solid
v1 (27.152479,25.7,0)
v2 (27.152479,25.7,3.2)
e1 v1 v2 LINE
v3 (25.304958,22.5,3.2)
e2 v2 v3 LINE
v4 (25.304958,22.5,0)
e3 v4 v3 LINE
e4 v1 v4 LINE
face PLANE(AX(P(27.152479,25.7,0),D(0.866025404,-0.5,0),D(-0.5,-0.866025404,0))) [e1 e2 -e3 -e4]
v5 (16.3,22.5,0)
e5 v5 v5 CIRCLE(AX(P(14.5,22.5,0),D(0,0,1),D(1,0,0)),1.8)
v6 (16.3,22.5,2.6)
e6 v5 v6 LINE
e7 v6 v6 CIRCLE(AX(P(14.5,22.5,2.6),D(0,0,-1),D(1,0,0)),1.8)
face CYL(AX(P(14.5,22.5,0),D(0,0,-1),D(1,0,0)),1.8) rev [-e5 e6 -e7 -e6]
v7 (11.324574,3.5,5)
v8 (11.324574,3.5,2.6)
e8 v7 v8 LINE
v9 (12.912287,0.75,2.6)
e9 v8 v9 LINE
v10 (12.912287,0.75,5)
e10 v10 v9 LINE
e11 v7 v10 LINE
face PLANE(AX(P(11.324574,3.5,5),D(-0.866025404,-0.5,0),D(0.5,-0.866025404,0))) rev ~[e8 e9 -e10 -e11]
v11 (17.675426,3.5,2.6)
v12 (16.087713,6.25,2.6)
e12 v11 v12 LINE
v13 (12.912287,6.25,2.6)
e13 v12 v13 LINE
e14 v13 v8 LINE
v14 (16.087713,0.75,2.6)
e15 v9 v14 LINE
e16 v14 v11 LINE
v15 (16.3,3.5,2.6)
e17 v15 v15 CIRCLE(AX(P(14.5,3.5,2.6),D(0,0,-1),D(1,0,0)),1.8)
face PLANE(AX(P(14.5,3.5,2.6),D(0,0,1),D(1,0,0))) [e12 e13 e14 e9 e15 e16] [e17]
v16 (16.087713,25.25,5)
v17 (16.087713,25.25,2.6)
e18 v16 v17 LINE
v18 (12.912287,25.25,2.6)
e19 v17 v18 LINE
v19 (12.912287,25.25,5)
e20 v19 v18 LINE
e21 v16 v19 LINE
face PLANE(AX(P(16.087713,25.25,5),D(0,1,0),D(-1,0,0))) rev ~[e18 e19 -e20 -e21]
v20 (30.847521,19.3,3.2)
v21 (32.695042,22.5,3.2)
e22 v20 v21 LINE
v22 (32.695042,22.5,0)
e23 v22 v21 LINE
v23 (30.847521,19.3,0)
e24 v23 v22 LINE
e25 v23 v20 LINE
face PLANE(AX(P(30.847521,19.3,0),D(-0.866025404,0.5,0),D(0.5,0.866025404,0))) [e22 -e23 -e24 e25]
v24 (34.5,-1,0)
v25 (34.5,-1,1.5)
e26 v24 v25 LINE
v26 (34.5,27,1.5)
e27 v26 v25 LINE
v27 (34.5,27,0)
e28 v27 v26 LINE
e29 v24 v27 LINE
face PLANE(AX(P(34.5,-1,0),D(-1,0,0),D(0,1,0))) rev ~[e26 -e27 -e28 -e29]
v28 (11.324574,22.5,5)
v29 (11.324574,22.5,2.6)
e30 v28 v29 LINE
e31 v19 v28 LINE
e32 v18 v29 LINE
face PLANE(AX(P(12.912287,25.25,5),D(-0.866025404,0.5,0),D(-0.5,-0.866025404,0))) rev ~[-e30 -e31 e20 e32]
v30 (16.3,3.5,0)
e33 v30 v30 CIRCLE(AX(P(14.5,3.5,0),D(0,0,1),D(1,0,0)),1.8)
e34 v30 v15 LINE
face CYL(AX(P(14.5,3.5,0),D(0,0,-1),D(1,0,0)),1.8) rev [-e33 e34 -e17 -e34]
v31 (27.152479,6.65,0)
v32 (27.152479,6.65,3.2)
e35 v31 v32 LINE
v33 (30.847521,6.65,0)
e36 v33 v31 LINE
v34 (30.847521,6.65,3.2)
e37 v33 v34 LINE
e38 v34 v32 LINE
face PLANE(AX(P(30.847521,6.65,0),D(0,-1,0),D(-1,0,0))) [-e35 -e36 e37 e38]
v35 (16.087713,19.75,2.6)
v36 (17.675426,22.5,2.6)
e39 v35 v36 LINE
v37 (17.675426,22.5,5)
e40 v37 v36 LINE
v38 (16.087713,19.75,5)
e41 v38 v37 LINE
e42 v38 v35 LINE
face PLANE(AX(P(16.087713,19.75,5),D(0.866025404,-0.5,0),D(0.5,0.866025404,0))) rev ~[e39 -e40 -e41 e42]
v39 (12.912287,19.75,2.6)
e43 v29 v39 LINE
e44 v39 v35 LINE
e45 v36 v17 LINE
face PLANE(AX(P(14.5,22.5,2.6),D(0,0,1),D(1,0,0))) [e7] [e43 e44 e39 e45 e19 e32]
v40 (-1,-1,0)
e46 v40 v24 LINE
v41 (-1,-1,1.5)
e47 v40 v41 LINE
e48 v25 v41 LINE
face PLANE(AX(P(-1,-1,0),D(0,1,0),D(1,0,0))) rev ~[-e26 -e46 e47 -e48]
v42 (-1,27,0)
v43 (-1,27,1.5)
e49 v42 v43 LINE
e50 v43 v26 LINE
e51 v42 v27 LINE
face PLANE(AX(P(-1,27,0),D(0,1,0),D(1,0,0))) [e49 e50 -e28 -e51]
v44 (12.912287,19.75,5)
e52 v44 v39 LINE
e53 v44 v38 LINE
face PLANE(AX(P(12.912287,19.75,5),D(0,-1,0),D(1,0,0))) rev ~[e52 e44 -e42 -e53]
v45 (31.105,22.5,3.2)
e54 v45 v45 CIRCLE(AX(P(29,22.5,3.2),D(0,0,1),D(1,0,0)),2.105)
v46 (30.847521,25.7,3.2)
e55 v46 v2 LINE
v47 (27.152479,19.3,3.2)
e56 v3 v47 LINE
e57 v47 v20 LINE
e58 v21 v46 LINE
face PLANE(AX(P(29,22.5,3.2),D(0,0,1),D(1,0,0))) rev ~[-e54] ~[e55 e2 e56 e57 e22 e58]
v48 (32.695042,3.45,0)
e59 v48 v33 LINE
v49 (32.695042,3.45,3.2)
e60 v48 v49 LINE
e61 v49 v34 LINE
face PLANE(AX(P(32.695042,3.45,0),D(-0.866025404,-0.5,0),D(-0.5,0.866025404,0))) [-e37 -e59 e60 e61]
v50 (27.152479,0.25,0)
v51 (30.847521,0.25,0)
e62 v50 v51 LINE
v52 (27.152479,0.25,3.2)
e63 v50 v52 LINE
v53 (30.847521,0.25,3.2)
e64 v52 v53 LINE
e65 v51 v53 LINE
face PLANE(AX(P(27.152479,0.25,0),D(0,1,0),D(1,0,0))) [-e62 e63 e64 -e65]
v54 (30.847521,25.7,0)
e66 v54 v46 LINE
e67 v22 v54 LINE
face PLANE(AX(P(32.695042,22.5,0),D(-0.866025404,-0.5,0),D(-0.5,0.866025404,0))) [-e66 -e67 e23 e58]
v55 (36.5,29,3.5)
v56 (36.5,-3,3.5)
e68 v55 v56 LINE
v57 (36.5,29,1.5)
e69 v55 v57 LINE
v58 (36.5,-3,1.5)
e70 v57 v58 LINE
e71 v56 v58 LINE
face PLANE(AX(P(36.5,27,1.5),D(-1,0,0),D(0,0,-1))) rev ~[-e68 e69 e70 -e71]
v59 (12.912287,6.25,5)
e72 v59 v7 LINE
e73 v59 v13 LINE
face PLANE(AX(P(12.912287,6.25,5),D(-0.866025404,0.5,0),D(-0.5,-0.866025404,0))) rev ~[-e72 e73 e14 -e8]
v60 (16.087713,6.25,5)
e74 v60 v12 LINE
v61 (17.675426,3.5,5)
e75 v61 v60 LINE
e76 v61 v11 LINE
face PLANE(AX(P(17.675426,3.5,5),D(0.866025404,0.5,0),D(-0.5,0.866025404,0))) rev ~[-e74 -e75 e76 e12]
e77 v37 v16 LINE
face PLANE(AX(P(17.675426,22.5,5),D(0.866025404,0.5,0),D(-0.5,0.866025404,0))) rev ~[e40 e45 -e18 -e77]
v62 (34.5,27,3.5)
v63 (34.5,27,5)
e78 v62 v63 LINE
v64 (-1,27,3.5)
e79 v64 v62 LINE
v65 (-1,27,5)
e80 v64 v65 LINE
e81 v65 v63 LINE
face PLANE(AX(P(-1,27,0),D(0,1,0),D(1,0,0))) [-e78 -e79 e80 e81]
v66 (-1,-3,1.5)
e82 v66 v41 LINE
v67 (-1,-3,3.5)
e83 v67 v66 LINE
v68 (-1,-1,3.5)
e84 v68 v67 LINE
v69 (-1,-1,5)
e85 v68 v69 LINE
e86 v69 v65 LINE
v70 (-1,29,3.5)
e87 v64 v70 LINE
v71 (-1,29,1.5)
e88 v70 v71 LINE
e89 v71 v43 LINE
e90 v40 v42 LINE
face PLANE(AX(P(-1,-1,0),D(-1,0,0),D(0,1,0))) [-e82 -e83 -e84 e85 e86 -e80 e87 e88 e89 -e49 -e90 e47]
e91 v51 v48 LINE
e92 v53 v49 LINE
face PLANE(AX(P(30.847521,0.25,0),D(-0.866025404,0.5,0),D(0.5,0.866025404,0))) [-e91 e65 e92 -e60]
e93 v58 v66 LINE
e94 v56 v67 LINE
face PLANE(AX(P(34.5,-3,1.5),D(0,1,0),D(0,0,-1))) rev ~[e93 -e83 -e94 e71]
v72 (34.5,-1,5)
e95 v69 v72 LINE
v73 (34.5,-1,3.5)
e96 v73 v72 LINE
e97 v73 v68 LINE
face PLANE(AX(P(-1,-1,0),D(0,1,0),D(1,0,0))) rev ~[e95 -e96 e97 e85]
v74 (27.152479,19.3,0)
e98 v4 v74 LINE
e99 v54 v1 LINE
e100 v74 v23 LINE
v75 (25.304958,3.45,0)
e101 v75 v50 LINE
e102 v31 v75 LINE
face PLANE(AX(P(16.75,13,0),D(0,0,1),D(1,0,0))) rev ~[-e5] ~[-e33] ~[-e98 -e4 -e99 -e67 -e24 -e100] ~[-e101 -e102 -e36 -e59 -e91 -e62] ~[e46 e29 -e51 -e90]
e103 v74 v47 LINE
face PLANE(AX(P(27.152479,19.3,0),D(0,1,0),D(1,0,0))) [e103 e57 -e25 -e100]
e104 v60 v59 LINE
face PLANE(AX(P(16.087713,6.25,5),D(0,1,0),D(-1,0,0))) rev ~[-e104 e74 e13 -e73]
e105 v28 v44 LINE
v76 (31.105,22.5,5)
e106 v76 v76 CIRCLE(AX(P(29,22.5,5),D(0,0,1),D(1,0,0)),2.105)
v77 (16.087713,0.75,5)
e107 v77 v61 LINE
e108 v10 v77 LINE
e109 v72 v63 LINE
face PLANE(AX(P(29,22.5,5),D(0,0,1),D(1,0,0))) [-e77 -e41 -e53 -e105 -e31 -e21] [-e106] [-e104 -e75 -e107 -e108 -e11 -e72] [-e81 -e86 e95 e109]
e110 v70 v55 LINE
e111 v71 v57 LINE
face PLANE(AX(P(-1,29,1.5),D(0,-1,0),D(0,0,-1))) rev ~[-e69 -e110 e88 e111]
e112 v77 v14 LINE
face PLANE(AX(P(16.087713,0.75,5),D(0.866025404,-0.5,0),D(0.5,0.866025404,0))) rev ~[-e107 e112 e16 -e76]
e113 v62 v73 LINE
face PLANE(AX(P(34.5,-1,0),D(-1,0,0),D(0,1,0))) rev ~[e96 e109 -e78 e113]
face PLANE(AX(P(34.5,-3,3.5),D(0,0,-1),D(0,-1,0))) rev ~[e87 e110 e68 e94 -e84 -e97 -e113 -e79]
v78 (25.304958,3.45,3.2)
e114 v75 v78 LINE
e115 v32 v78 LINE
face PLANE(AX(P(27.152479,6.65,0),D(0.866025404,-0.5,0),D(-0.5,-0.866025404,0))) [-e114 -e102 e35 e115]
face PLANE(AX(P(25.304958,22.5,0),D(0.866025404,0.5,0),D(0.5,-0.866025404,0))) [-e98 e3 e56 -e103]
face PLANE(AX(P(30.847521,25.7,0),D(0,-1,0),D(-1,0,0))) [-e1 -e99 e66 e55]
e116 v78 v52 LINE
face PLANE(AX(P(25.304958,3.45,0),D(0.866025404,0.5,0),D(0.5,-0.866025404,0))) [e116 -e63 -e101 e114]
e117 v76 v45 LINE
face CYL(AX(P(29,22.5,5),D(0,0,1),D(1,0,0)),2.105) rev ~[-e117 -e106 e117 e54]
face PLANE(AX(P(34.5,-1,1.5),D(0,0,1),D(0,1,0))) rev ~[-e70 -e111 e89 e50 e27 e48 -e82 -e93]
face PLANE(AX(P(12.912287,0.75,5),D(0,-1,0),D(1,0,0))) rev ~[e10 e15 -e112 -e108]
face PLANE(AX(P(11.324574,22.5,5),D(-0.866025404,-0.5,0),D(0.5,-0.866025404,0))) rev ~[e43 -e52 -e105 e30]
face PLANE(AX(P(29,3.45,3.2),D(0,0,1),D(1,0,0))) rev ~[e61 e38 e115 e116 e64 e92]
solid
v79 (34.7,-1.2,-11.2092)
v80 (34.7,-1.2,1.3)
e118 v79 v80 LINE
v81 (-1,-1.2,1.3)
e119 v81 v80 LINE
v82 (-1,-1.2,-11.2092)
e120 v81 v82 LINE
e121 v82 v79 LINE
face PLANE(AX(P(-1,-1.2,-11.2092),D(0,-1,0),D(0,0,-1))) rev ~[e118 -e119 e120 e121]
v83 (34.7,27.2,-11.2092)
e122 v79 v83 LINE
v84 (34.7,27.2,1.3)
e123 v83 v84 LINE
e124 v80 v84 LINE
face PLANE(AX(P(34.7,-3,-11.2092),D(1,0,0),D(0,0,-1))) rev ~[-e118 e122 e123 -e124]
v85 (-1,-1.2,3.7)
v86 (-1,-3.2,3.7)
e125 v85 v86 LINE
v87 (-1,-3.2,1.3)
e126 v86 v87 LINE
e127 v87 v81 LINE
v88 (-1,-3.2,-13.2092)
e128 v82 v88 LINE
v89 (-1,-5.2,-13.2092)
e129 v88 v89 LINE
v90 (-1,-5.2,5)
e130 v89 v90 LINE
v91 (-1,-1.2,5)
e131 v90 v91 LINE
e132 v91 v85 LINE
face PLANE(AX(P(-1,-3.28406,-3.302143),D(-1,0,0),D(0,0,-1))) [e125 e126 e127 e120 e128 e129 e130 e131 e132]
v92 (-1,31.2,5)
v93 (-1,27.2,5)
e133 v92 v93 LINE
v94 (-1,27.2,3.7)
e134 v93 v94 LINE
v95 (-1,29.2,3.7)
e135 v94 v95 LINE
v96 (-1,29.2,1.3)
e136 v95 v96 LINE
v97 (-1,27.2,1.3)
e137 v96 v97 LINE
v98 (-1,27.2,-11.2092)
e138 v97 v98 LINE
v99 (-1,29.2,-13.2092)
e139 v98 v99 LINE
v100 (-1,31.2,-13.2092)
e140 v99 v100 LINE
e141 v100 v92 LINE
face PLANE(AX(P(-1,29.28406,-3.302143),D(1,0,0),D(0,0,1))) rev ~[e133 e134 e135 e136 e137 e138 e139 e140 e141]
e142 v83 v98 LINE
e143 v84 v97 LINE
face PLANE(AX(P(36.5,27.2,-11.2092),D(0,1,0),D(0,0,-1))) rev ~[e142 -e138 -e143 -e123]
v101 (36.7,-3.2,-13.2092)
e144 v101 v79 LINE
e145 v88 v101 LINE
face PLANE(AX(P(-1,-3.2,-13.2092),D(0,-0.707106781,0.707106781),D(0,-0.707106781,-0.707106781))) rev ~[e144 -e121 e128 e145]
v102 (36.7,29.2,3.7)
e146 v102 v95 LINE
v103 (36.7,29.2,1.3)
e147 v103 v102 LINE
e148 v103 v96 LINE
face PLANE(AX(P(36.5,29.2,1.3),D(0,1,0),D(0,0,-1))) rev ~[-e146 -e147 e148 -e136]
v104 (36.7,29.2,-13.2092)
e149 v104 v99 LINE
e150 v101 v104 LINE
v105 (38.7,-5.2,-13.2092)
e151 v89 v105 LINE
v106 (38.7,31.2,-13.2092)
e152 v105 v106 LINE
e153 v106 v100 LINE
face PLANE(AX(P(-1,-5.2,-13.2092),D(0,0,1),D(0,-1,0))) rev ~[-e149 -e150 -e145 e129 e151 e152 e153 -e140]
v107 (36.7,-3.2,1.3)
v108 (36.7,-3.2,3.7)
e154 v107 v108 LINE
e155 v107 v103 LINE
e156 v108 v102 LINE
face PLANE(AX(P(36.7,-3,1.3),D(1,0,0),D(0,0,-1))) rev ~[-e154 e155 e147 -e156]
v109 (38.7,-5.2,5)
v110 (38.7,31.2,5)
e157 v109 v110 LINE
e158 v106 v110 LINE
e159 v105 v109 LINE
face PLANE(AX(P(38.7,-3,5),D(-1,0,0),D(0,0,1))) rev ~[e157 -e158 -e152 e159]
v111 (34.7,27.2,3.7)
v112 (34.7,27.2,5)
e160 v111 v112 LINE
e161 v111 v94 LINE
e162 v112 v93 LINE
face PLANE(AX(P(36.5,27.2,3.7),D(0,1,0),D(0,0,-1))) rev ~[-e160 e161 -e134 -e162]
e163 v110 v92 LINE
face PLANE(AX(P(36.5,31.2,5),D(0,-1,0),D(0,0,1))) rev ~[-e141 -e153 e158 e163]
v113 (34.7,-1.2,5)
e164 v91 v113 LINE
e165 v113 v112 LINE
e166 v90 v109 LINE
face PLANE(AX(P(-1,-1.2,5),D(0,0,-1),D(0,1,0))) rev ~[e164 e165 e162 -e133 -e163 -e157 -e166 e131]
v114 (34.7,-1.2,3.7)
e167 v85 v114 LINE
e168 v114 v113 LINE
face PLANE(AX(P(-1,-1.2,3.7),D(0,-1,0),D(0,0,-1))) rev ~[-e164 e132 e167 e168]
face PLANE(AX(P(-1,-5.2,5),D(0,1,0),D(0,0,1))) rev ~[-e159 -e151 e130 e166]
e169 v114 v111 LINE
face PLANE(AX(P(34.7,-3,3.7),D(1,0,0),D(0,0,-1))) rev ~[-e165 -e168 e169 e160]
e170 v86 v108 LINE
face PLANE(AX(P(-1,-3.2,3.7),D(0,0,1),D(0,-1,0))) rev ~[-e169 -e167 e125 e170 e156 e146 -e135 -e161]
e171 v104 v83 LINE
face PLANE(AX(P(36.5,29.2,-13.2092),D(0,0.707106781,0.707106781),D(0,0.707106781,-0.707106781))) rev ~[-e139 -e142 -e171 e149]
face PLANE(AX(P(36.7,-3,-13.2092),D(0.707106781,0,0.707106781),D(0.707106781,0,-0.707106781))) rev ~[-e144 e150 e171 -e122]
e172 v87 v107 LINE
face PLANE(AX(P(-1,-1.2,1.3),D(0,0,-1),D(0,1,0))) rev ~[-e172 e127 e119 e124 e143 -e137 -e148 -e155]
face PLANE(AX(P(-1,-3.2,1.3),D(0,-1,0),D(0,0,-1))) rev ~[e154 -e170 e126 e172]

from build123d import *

# Parameters (mm, degrees)
SKETCH1_W           = 35.5
SKETCH1_H           = 28
SKETCH1_R           = 1.8
BOSS_EXTRUDE1_DEPTH = 5
SKETCH2_R           = 2.105
BOSS_EXTRUDE2_DEPTH = 1.8
CUT_EXTRUDE1_DEPTH  = 2.4


with BuildPart() as part:
    # Sketch1 → Boss-Extrude1 (new body)
    with BuildSketch(Plane.XY):
        with Locations((16.75, 13)):
            Rectangle(SKETCH1_W, SKETCH1_H)
        with Locations((14.5, 22.5)):
            Circle(SKETCH1_R, mode=Mode.SUBTRACT)
        with Locations((14.5, 3.5)):
            Circle(SKETCH1_R, mode=Mode.SUBTRACT)
        Polygon((25.304958277, 22.5), (27.152479139, 19.3), (30.847520861, 19.3), (32.695041723, 22.5), (30.847520861, 25.7), (27.152479139, 25.7), align=None, mode=Mode.SUBTRACT)
        Polygon((25.304958277, 3.45), (27.152479139, 0.25), (30.847520861, 0.25), (32.695041723, 3.45), (30.847520861, 6.65), (27.152479139, 6.65), align=None, mode=Mode.SUBTRACT)
    extrude(amount=BOSS_EXTRUDE1_DEPTH)

    # Sketch2 → Boss-Extrude2 (add)
    # profile 1 of 2: a face of its own
    with BuildSketch(Plane.XY.offset(5)):
        Polygon((25.304958277, 22.5), (27.152479139, 19.3), (30.847520861, 19.3), (32.695041723, 22.5), (30.847520861, 25.7), (27.152479139, 25.7), align=None)
        with Locations((29, 22.5)):
            Circle(SKETCH2_R, mode=Mode.SUBTRACT)
    # profile 2 of 2: a face of its own
    with BuildSketch(Plane.XY.offset(5)):
        Polygon((25.304958277, 3.45), (27.152479139, 0.25), (30.847520861, 0.25), (32.695041723, 3.45), (30.847520861, 6.65), (27.152479139, 6.65), align=None)
    extrude(amount=-BOSS_EXTRUDE2_DEPTH)

    # Sketch3 → Cut-Extrude1 (cut)
    with BuildSketch(Plane.XY.offset(5)):
        Polygon((11.324573519, 22.5), (12.91228676, 19.75), (16.08771324, 19.75), (17.675426481, 22.5), (16.08771324, 25.25), (12.91228676, 25.25), align=None)
        Polygon((11.324573519, 3.5), (12.91228676, 0.75), (16.08771324, 0.75), (17.675426481, 3.5), (16.08771324, 6.25), (12.91228676, 6.25), align=None)
    extrude(amount=-CUT_EXTRUDE1_DEPTH, mode=Mode.SUBTRACT)

    # Sweep1: sweep along a curve in space
    with BuildLine() as sweep1_path:
        Line((-1, 27, 2.5), (34.5, 27, 2.5))
        Line((34.5, 27, 2.5), (34.5, -1, 2.5))
        Line((34.5, -1, 2.5), (-1, -1, 2.5))
    # Sketch4 → Sweep1 (sweep)
    with BuildSketch(Plane.ZY.offset(1)):
        Polygon((2.5, 27), (1.5, 27), (1.5, 29), (3.5, 29), (3.5, 27), align=None)
    sweep(path=sweep1_path.line, transition=Transition.RIGHT)


with BuildPart() as body_2:
    # Sweep3: sweep along a curve in space
    with BuildLine() as sweep3_path:
        Line((-1, -3, 2.5), (36.5, -3, 2.5))
        Line((36.5, -3, 2.5), (36.5, 29, 2.5))
        Line((36.5, 29, 2.5), (-1, 29, 2.5))
    # Sketch5 → Sweep3 (sweep)
    with BuildSketch(Plane.ZY.offset(1)):
        Polygon((5, -1.2), (5, -5.2), (-13.2092, -5.2), (-13.2092, -3.2), (-11.2092, -1.2), (1.3, -1.2), (1.3, -3.2), (3.7, -3.2), (3.7, -1.2), align=None)
    sweep(path=sweep3_path.line, transition=Transition.RIGHT)


solid = Compound([part.part, body_2.part])
